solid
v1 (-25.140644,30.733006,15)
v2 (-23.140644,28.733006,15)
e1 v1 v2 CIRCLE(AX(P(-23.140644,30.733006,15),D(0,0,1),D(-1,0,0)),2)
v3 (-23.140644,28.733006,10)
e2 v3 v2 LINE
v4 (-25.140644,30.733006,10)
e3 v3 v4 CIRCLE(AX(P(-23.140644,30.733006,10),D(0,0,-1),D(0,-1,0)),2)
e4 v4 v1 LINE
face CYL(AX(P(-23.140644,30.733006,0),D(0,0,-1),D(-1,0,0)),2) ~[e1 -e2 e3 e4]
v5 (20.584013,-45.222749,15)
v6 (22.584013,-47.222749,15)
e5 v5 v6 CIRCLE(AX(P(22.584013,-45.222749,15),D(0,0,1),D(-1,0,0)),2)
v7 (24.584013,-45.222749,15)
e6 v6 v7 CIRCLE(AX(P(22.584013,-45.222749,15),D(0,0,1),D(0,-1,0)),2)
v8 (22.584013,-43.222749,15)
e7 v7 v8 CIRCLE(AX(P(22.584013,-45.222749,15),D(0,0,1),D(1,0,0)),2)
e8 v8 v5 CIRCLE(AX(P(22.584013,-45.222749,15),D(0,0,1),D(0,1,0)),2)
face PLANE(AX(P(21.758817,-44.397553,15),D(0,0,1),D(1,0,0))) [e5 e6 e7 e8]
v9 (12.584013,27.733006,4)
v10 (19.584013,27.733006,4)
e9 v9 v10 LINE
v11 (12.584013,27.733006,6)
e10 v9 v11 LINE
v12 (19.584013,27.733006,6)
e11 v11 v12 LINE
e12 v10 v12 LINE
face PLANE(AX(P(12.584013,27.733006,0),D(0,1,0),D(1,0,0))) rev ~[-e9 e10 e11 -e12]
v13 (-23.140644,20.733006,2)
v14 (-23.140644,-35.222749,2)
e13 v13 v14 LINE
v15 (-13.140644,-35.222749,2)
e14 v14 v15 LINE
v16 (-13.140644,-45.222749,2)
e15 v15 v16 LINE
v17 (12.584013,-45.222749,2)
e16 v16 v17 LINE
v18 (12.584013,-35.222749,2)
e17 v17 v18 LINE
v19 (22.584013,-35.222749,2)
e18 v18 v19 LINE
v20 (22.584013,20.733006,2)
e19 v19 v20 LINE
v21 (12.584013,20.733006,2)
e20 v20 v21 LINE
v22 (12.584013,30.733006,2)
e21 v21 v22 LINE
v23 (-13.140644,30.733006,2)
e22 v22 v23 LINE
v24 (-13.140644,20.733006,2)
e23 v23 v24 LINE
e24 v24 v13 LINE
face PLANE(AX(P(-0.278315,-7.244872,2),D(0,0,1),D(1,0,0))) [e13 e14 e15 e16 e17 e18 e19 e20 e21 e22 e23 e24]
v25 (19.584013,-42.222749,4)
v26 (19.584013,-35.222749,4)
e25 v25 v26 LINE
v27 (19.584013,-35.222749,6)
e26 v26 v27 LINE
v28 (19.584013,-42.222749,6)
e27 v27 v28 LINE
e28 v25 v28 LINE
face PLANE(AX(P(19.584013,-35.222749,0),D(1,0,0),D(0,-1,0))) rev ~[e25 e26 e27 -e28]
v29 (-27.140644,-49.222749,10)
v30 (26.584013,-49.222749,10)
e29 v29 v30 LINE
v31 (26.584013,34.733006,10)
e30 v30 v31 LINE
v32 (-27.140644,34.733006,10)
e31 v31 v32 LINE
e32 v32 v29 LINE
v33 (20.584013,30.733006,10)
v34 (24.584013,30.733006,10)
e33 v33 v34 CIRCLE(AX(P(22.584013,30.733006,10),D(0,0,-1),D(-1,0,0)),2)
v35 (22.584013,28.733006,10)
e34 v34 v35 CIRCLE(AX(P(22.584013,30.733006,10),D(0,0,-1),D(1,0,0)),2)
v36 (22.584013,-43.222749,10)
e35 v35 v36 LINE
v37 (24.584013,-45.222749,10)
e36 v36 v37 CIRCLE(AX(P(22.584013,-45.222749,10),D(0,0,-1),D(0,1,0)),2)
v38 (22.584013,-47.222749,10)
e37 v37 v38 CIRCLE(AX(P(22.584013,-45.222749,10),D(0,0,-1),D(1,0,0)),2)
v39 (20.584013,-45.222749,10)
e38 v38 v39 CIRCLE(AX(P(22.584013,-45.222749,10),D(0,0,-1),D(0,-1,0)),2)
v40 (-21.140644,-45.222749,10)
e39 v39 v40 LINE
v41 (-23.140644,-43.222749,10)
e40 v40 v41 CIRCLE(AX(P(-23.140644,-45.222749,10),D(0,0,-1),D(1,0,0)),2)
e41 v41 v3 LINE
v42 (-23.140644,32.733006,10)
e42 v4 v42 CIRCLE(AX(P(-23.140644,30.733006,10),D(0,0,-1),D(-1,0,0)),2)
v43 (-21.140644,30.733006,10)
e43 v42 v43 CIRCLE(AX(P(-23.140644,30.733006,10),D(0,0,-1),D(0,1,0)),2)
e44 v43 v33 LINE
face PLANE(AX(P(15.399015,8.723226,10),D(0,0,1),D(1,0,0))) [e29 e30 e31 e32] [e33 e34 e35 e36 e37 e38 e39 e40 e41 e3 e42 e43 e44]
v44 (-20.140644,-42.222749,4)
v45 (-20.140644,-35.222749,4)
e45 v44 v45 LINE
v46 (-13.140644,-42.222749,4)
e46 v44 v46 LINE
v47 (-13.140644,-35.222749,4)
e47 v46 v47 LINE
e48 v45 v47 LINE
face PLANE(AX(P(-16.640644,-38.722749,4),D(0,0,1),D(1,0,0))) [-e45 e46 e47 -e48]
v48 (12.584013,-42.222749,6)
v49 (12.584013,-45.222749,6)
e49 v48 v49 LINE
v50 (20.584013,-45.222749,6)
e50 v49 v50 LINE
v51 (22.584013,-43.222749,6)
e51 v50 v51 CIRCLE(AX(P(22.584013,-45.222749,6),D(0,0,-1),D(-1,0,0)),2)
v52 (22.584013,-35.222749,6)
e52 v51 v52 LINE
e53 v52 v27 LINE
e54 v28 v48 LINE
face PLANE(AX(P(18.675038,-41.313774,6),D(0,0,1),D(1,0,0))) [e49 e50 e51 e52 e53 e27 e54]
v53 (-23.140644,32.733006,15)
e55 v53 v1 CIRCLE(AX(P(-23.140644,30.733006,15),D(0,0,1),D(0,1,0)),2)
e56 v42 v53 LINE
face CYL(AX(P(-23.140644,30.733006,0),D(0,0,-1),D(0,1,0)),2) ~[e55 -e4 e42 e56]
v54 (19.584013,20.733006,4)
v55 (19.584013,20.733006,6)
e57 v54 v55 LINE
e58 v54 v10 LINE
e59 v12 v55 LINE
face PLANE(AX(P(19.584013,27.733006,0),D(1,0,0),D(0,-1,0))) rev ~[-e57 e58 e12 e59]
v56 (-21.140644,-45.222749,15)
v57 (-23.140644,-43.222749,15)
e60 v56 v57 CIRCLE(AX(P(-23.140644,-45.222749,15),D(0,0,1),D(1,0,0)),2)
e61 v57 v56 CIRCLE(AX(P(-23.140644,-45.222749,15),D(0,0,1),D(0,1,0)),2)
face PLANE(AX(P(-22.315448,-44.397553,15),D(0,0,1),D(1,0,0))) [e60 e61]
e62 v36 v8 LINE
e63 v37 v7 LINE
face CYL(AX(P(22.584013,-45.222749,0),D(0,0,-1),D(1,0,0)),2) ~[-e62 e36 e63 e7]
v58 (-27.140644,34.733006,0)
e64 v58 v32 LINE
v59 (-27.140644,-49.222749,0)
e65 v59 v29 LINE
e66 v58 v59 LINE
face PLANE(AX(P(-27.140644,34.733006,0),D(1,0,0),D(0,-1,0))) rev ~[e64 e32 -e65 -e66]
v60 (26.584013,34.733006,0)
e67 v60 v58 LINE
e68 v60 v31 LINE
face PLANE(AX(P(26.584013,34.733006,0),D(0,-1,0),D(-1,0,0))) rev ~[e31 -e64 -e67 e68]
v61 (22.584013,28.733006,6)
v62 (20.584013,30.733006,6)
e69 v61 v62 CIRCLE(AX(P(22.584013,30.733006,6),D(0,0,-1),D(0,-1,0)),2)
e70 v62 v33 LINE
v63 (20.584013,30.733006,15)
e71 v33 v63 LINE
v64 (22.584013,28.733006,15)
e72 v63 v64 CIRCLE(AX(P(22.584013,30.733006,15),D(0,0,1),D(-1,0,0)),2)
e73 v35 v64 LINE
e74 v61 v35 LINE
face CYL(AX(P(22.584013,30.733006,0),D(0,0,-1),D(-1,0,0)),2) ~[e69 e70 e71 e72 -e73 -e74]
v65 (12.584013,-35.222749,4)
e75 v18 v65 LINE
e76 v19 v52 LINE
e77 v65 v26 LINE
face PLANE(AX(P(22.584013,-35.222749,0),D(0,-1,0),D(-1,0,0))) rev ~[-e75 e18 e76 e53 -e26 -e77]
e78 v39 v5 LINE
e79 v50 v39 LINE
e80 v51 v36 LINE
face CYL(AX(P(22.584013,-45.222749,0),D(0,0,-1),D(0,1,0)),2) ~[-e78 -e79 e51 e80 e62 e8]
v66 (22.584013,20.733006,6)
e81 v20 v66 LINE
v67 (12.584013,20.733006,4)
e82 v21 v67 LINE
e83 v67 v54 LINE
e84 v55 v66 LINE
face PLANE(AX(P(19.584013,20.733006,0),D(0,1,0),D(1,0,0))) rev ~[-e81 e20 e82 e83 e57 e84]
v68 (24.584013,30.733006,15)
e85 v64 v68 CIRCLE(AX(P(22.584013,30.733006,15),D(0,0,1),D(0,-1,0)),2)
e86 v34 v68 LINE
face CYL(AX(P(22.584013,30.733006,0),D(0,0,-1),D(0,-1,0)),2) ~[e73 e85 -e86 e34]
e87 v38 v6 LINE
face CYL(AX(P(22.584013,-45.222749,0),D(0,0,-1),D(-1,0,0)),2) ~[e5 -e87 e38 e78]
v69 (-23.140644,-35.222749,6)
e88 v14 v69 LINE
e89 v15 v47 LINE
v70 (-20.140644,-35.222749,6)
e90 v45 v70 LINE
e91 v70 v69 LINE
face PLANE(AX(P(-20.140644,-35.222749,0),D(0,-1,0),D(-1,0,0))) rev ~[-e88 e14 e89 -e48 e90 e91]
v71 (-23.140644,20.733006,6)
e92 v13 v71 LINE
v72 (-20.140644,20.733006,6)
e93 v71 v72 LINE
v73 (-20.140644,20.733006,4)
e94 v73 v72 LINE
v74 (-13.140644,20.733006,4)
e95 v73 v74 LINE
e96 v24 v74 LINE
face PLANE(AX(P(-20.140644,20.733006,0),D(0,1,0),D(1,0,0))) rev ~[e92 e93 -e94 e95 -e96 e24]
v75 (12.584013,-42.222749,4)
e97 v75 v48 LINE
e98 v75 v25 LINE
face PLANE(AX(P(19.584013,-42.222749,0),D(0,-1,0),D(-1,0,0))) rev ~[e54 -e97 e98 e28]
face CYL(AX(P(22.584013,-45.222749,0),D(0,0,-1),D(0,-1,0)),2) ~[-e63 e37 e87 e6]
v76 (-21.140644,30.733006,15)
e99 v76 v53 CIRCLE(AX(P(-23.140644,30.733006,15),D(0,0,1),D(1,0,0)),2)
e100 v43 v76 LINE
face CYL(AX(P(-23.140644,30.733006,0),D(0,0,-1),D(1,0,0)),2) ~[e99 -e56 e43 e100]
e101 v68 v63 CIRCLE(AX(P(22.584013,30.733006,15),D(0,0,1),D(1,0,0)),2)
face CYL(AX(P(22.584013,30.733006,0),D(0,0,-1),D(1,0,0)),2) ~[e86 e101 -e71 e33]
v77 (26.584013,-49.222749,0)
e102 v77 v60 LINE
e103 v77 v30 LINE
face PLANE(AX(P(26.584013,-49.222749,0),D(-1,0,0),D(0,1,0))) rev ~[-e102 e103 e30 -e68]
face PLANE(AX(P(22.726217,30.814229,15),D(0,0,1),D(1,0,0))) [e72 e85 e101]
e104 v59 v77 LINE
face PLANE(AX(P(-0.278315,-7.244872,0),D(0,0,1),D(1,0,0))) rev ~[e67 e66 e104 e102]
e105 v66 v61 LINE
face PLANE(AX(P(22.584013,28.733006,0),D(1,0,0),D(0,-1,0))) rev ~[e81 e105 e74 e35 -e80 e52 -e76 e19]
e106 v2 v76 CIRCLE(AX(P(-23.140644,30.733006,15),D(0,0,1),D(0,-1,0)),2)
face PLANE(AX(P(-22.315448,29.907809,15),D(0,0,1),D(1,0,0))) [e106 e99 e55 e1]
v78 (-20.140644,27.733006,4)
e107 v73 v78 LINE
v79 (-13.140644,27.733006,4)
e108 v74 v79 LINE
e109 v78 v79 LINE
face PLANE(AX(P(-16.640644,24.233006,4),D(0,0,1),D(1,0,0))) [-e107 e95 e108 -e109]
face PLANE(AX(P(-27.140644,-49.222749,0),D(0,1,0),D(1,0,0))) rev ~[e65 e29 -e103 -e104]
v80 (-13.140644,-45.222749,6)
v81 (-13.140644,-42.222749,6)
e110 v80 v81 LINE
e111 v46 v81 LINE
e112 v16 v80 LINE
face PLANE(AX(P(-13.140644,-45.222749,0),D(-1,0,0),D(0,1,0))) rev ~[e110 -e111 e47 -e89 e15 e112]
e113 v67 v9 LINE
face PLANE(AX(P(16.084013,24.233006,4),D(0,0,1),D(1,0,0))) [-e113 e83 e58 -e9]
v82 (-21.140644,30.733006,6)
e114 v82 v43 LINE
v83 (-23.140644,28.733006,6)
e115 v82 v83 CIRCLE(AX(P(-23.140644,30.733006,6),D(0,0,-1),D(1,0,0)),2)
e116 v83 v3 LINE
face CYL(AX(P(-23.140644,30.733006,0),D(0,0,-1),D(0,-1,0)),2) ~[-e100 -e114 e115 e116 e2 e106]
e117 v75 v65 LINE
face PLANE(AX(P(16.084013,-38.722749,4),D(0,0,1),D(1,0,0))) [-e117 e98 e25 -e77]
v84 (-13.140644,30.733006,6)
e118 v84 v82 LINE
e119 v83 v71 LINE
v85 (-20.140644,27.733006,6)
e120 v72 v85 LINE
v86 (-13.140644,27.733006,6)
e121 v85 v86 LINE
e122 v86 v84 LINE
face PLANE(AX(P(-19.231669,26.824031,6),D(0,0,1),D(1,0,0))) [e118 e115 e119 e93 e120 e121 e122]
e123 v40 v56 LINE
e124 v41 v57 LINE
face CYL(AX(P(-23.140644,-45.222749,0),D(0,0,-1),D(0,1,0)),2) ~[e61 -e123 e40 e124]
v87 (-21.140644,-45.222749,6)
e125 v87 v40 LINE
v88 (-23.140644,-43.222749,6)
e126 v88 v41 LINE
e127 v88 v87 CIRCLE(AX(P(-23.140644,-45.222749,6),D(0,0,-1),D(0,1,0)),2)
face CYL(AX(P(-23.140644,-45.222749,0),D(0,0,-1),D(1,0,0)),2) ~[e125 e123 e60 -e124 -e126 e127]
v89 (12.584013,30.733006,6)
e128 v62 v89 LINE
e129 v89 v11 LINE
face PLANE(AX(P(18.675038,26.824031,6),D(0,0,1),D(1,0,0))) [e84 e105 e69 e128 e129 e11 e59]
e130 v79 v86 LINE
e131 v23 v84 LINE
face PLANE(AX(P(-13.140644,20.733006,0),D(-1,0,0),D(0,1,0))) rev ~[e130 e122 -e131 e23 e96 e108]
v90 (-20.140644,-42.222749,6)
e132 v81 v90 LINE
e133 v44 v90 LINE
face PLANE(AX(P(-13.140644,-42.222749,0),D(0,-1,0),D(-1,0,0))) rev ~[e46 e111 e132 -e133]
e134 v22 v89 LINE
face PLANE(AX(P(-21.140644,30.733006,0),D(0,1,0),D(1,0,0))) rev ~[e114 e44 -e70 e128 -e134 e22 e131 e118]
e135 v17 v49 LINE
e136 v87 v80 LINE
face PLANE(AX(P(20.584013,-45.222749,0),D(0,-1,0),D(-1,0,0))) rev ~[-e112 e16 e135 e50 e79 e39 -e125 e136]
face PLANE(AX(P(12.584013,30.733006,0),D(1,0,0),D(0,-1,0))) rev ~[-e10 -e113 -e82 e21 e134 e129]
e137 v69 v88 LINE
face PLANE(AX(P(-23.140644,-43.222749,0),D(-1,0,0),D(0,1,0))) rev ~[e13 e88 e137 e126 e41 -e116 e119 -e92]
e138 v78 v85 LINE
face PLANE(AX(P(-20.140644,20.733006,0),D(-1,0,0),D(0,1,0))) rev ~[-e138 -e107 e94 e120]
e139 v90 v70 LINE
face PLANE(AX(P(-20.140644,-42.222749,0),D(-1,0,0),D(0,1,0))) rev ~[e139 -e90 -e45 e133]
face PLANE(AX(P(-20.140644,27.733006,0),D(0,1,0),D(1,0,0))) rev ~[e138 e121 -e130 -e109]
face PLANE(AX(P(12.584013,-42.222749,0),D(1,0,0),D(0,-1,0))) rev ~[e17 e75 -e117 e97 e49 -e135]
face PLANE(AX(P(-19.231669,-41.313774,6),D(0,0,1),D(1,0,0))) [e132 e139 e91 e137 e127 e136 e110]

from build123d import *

# Parameters (mm, degrees)
F1_DEPTH = 10
F2_DEPTH = 6
F3_DEPTH = 15
F0_W     = 7
F0_H     = 7
F4_DEPTH = 4
F5_DEPTH = 2


with BuildPart() as f1:
    # F0 (on Top) → F1 (new body)
    with BuildSketch(Plane.XY):
        with BuildLine():
            Line((26.5840129331, 34.7330055023), (-23.1406439107, 34.7330055023))
            Line((-23.1406439107, 34.7330055023), (-23.1406439107, 32.7330055023))
            ThreePointArc((-23.1406439107, 32.7330055023), (-21.7264303483, 32.1472190646), (-21.1406439107, 30.7330055023))
            Line((-21.1406439107, 30.7330055023), (-13.1406439107, 30.7330055023))
            Line((-13.1406439107, 30.7330055023), (12.5840129331, 30.7330055023))
            Line((12.5840129331, 30.7330055023), (20.5840129331, 30.7330055023))
            ThreePointArc((20.5840129331, 30.7330055023), (22.5840129331, 32.7330055023), (24.5840129331, 30.7330055023))
            ThreePointArc((24.5840129331, 30.7330055023), (23.9982264954, 29.3187919399), (22.5840129331, 28.7330055023))
            Line((22.5840129331, 28.7330055023), (22.5840129331, 20.7330055023))
            Line((22.5840129331, 20.7330055023), (22.5840129331, -35.2227493608))
            Line((22.5840129331, -35.2227493608), (22.5840129331, -43.2227493608))
            ThreePointArc((22.5840129331, -43.2227493608), (23.9982264954, -43.8085357985), (24.5840129331, -45.2227493608))
            Line((24.5840129331, -45.2227493608), (26.5840129331, -45.2227493608))
            Line((26.5840129331, -45.2227493608), (26.5840129331, 34.7330055023))
        make_face()
        with BuildLine():
            Line((-23.1406439107, 34.7330055023), (-27.1406439107, 34.7330055023))
            Line((-27.1406439107, 34.7330055023), (-27.1406439107, 30.7330055023))
            Line((-27.1406439107, 30.7330055023), (-25.1406439107, 30.7330055023))
            ThreePointArc((-25.1406439107, 30.7330055023), (-24.5548574731, 32.1472190646), (-23.1406439107, 32.7330055023))
            Line((-23.1406439107, 32.7330055023), (-23.1406439107, 34.7330055023))
        make_face()
        with BuildLine():
            Line((-25.1406439107, 30.7330055023), (-27.1406439107, 30.7330055023))
            Line((-27.1406439107, 30.7330055023), (-27.1406439107, -49.2227493608))
            Line((-27.1406439107, -49.2227493608), (22.5840129331, -49.2227493608))
            Line((22.5840129331, -49.2227493608), (22.5840129331, -47.2227493608))
            ThreePointArc((22.5840129331, -47.2227493608), (21.1697993707, -46.6369629232), (20.5840129331, -45.2227493608))
            Line((20.5840129331, -45.2227493608), (12.5840129331, -45.2227493608))
            Line((12.5840129331, -45.2227493608), (-13.1406439107, -45.2227493608))
            Line((-13.1406439107, -45.2227493608), (-21.1406439107, -45.2227493608))
            ThreePointArc((-21.1406439107, -45.2227493608), (-24.5548574731, -46.6369629232), (-23.1406439107, -43.2227493608))
            Line((-23.1406439107, -43.2227493608), (-23.1406439107, -35.2227493608))
            Line((-23.1406439107, -35.2227493608), (-23.1406439107, 20.7330055023))
            Line((-23.1406439107, 20.7330055023), (-23.1406439107, 28.7330055023))
            ThreePointArc((-23.1406439107, 28.7330055023), (-24.5548574731, 29.3187919399), (-25.1406439107, 30.7330055023))
        make_face()
        with BuildLine():
            Line((26.5840129331, -49.2227493608), (26.5840129331, -45.2227493608))
            Line((26.5840129331, -45.2227493608), (24.5840129331, -45.2227493608))
            ThreePointArc((24.5840129331, -45.2227493608), (23.9982264954, -46.6369629232), (22.5840129331, -47.2227493608))
            Line((22.5840129331, -47.2227493608), (22.5840129331, -49.2227493608))
            Line((22.5840129331, -49.2227493608), (26.5840129331, -49.2227493608))
        make_face()
    extrude(amount=F1_DEPTH)

    # F0 (on Top) → F2 (join)
    with BuildSketch(Plane.XY):
        with BuildLine():
            Line((-13.1406439107, 30.7330055023), (-21.1406439107, 30.7330055023))
            ThreePointArc((-21.1406439107, 30.7330055023), (-21.7264303483, 29.3187919399), (-23.1406439107, 28.7330055023))
            Line((-23.1406439107, 28.7330055023), (-23.1406439107, 20.7330055023))
            Line((-23.1406439107, 20.7330055023), (-20.1406439107, 20.7330055023))
            Line((-20.1406439107, 20.7330055023), (-20.1406439107, 27.7330055023))
            Line((-20.1406439107, 27.7330055023), (-13.1406439107, 27.7330055023))
            Line((-13.1406439107, 27.7330055023), (-13.1406439107, 30.7330055023))
        make_face()
        with BuildLine():
            Line((20.5840129331, 30.7330055023), (12.5840129331, 30.7330055023))
            Line((12.5840129331, 30.7330055023), (12.5840129331, 27.7330055023))
            Line((12.5840129331, 27.7330055023), (19.5840129331, 27.7330055023))
            Line((19.5840129331, 27.7330055023), (19.5840129331, 20.7330055023))
            Line((19.5840129331, 20.7330055023), (22.5840129331, 20.7330055023))
            Line((22.5840129331, 20.7330055023), (22.5840129331, 28.7330055023))
            ThreePointArc((22.5840129331, 28.7330055023), (21.1697993707, 29.3187919399), (20.5840129331, 30.7330055023))
        make_face()
        with BuildLine():
            ThreePointArc((20.5840129331, -45.2227493608), (21.1697993707, -43.8085357985), (22.5840129331, -43.2227493608))
            Line((22.5840129331, -43.2227493608), (22.5840129331, -35.2227493608))
            Line((22.5840129331, -35.2227493608), (19.5840129331, -35.2227493608))
            Line((19.5840129331, -35.2227493608), (19.5840129331, -42.2227493608))
            Line((19.5840129331, -42.2227493608), (12.5840129331, -42.2227493608))
            Line((12.5840129331, -42.2227493608), (12.5840129331, -45.2227493608))
            Line((12.5840129331, -45.2227493608), (20.5840129331, -45.2227493608))
        make_face()
        with BuildLine():
            Line((-20.1406439107, -35.2227493608), (-23.1406439107, -35.2227493608))
            Line((-23.1406439107, -35.2227493608), (-23.1406439107, -43.2227493608))
            ThreePointArc((-23.1406439107, -43.2227493608), (-21.7264303483, -43.8085357985), (-21.1406439107, -45.2227493608))
            Line((-21.1406439107, -45.2227493608), (-13.1406439107, -45.2227493608))
            Line((-13.1406439107, -45.2227493608), (-13.1406439107, -42.2227493608))
            Line((-13.1406439107, -42.2227493608), (-20.1406439107, -42.2227493608))
            Line((-20.1406439107, -42.2227493608), (-20.1406439107, -35.2227493608))
        make_face()
    extrude(amount=F2_DEPTH)

    # F0 (on Top) → F3 (join)
    with BuildSketch(Plane.XY):
        with BuildLine():
            Line((-21.1406439107, 30.7330055023), (-23.1406439107, 30.7330055023))
            Line((-23.1406439107, 30.7330055023), (-23.1406439107, 28.7330055023))
            ThreePointArc((-23.1406439107, 28.7330055023), (-21.7264303483, 29.3187919399), (-21.1406439107, 30.7330055023))
        make_face()
        with BuildLine():
            Line((-23.1406439107, 30.7330055023), (-23.1406439107, 32.7330055023))
            ThreePointArc((-23.1406439107, 32.7330055023), (-24.5548574731, 32.1472190646), (-25.1406439107, 30.7330055023))
            Line((-25.1406439107, 30.7330055023), (-23.1406439107, 30.7330055023))
        make_face()
        with BuildLine():
            ThreePointArc((-21.1406439107, 30.7330055023), (-21.7264303483, 32.1472190646), (-23.1406439107, 32.7330055023))
            Line((-23.1406439107, 32.7330055023), (-23.1406439107, 30.7330055023))
            Line((-23.1406439107, 30.7330055023), (-21.1406439107, 30.7330055023))
        make_face()
        with BuildLine():
            Line((-23.1406439107, 30.7330055023), (-25.1406439107, 30.7330055023))
            ThreePointArc((-25.1406439107, 30.7330055023), (-24.5548574731, 29.3187919399), (-23.1406439107, 28.7330055023))
            Line((-23.1406439107, 28.7330055023), (-23.1406439107, 30.7330055023))
        make_face()
        with BuildLine():
            ThreePointArc((24.5840129331, 30.7330055023), (22.5840129331, 32.7330055023), (20.5840129331, 30.7330055023))
            Line((20.5840129331, 30.7330055023), (22.5840129331, 30.7330055023))
            Line((22.5840129331, 30.7330055023), (22.5840129331, 28.7330055023))
            ThreePointArc((22.5840129331, 28.7330055023), (23.9982264954, 29.3187919399), (24.5840129331, 30.7330055023))
        make_face()
        with BuildLine():
            Line((22.5840129331, 30.7330055023), (20.5840129331, 30.7330055023))
            ThreePointArc((20.5840129331, 30.7330055023), (21.1697993707, 29.3187919399), (22.5840129331, 28.7330055023))
            Line((22.5840129331, 28.7330055023), (22.5840129331, 30.7330055023))
        make_face()
        with BuildLine():
            Line((20.5840129331, -45.2227493608), (22.5840129331, -45.2227493608))
            Line((22.5840129331, -45.2227493608), (22.5840129331, -43.2227493608))
            ThreePointArc((22.5840129331, -43.2227493608), (21.1697993707, -43.8085357985), (20.5840129331, -45.2227493608))
        make_face()
        with BuildLine():
            Line((22.5840129331, -45.2227493608), (24.5840129331, -45.2227493608))
            ThreePointArc((24.5840129331, -45.2227493608), (23.9982264954, -43.8085357985), (22.5840129331, -43.2227493608))
            Line((22.5840129331, -43.2227493608), (22.5840129331, -45.2227493608))
        make_face()
        with BuildLine():
            ThreePointArc((22.5840129331, -47.2227493608), (23.9982264954, -46.6369629232), (24.5840129331, -45.2227493608))
            Line((24.5840129331, -45.2227493608), (22.5840129331, -45.2227493608))
            Line((22.5840129331, -45.2227493608), (22.5840129331, -47.2227493608))
        make_face()
        with BuildLine():
            ThreePointArc((20.5840129331, -45.2227493608), (21.1697993707, -46.6369629232), (22.5840129331, -47.2227493608))
            Line((22.5840129331, -47.2227493608), (22.5840129331, -45.2227493608))
            Line((22.5840129331, -45.2227493608), (20.5840129331, -45.2227493608))
        make_face()
        with BuildLine():
            ThreePointArc((-21.1406439107, -45.2227493608), (-21.7264303483, -43.8085357985), (-23.1406439107, -43.2227493608))
            Line((-23.1406439107, -43.2227493608), (-23.1406439107, -45.2227493608))
            Line((-23.1406439107, -45.2227493608), (-21.1406439107, -45.2227493608))
        make_face()
        with BuildLine():
            Line((-23.1406439107, -45.2227493608), (-23.1406439107, -43.2227493608))
            ThreePointArc((-23.1406439107, -43.2227493608), (-24.5548574731, -46.6369629232), (-21.1406439107, -45.2227493608))
            Line((-21.1406439107, -45.2227493608), (-23.1406439107, -45.2227493608))
        make_face()
    extrude(amount=F3_DEPTH)

    # F0 (on Top) → F4 (join)
    with BuildSketch(Plane.XY):
        with Locations((-16.6406439107, 24.2330055023)):
            Rectangle(F0_W, F0_H)
        with Locations((16.0840129331, 24.2330055023)):
            Rectangle(F0_W, F0_H)
        with Locations((16.0840129331, -38.7227493608)):
            Rectangle(F0_W, F0_H)
        with Locations((-16.6406439107, -38.7227493608)):
            Rectangle(F0_W, F0_H)
    extrude(amount=F4_DEPTH)

    # F0 (on Top) → F5 (join)
    with BuildSketch(Plane.XY):
        Polygon((12.5840129331, 30.7330055023), (-13.1406439107, 30.7330055023), (-13.1406439107, 27.7330055023), (-13.1406439107, 20.7330055023), (-20.1406439107, 20.7330055023), (-23.1406439107, 20.7330055023), (-23.1406439107, -35.2227493608), (-20.1406439107, -35.2227493608), (-13.1406439107, -35.2227493608), (-13.1406439107, -42.2227493608), (-13.1406439107, -45.2227493608), (12.5840129331, -45.2227493608), (12.5840129331, -42.2227493608), (12.5840129331, -35.2227493608), (19.5840129331, -35.2227493608), (22.5840129331, -35.2227493608), (22.5840129331, 20.7330055023), (19.5840129331, 20.7330055023), (12.5840129331, 20.7330055023), (12.5840129331, 27.7330055023), align=None)
    extrude(amount=F5_DEPTH)


solid = f1.part
